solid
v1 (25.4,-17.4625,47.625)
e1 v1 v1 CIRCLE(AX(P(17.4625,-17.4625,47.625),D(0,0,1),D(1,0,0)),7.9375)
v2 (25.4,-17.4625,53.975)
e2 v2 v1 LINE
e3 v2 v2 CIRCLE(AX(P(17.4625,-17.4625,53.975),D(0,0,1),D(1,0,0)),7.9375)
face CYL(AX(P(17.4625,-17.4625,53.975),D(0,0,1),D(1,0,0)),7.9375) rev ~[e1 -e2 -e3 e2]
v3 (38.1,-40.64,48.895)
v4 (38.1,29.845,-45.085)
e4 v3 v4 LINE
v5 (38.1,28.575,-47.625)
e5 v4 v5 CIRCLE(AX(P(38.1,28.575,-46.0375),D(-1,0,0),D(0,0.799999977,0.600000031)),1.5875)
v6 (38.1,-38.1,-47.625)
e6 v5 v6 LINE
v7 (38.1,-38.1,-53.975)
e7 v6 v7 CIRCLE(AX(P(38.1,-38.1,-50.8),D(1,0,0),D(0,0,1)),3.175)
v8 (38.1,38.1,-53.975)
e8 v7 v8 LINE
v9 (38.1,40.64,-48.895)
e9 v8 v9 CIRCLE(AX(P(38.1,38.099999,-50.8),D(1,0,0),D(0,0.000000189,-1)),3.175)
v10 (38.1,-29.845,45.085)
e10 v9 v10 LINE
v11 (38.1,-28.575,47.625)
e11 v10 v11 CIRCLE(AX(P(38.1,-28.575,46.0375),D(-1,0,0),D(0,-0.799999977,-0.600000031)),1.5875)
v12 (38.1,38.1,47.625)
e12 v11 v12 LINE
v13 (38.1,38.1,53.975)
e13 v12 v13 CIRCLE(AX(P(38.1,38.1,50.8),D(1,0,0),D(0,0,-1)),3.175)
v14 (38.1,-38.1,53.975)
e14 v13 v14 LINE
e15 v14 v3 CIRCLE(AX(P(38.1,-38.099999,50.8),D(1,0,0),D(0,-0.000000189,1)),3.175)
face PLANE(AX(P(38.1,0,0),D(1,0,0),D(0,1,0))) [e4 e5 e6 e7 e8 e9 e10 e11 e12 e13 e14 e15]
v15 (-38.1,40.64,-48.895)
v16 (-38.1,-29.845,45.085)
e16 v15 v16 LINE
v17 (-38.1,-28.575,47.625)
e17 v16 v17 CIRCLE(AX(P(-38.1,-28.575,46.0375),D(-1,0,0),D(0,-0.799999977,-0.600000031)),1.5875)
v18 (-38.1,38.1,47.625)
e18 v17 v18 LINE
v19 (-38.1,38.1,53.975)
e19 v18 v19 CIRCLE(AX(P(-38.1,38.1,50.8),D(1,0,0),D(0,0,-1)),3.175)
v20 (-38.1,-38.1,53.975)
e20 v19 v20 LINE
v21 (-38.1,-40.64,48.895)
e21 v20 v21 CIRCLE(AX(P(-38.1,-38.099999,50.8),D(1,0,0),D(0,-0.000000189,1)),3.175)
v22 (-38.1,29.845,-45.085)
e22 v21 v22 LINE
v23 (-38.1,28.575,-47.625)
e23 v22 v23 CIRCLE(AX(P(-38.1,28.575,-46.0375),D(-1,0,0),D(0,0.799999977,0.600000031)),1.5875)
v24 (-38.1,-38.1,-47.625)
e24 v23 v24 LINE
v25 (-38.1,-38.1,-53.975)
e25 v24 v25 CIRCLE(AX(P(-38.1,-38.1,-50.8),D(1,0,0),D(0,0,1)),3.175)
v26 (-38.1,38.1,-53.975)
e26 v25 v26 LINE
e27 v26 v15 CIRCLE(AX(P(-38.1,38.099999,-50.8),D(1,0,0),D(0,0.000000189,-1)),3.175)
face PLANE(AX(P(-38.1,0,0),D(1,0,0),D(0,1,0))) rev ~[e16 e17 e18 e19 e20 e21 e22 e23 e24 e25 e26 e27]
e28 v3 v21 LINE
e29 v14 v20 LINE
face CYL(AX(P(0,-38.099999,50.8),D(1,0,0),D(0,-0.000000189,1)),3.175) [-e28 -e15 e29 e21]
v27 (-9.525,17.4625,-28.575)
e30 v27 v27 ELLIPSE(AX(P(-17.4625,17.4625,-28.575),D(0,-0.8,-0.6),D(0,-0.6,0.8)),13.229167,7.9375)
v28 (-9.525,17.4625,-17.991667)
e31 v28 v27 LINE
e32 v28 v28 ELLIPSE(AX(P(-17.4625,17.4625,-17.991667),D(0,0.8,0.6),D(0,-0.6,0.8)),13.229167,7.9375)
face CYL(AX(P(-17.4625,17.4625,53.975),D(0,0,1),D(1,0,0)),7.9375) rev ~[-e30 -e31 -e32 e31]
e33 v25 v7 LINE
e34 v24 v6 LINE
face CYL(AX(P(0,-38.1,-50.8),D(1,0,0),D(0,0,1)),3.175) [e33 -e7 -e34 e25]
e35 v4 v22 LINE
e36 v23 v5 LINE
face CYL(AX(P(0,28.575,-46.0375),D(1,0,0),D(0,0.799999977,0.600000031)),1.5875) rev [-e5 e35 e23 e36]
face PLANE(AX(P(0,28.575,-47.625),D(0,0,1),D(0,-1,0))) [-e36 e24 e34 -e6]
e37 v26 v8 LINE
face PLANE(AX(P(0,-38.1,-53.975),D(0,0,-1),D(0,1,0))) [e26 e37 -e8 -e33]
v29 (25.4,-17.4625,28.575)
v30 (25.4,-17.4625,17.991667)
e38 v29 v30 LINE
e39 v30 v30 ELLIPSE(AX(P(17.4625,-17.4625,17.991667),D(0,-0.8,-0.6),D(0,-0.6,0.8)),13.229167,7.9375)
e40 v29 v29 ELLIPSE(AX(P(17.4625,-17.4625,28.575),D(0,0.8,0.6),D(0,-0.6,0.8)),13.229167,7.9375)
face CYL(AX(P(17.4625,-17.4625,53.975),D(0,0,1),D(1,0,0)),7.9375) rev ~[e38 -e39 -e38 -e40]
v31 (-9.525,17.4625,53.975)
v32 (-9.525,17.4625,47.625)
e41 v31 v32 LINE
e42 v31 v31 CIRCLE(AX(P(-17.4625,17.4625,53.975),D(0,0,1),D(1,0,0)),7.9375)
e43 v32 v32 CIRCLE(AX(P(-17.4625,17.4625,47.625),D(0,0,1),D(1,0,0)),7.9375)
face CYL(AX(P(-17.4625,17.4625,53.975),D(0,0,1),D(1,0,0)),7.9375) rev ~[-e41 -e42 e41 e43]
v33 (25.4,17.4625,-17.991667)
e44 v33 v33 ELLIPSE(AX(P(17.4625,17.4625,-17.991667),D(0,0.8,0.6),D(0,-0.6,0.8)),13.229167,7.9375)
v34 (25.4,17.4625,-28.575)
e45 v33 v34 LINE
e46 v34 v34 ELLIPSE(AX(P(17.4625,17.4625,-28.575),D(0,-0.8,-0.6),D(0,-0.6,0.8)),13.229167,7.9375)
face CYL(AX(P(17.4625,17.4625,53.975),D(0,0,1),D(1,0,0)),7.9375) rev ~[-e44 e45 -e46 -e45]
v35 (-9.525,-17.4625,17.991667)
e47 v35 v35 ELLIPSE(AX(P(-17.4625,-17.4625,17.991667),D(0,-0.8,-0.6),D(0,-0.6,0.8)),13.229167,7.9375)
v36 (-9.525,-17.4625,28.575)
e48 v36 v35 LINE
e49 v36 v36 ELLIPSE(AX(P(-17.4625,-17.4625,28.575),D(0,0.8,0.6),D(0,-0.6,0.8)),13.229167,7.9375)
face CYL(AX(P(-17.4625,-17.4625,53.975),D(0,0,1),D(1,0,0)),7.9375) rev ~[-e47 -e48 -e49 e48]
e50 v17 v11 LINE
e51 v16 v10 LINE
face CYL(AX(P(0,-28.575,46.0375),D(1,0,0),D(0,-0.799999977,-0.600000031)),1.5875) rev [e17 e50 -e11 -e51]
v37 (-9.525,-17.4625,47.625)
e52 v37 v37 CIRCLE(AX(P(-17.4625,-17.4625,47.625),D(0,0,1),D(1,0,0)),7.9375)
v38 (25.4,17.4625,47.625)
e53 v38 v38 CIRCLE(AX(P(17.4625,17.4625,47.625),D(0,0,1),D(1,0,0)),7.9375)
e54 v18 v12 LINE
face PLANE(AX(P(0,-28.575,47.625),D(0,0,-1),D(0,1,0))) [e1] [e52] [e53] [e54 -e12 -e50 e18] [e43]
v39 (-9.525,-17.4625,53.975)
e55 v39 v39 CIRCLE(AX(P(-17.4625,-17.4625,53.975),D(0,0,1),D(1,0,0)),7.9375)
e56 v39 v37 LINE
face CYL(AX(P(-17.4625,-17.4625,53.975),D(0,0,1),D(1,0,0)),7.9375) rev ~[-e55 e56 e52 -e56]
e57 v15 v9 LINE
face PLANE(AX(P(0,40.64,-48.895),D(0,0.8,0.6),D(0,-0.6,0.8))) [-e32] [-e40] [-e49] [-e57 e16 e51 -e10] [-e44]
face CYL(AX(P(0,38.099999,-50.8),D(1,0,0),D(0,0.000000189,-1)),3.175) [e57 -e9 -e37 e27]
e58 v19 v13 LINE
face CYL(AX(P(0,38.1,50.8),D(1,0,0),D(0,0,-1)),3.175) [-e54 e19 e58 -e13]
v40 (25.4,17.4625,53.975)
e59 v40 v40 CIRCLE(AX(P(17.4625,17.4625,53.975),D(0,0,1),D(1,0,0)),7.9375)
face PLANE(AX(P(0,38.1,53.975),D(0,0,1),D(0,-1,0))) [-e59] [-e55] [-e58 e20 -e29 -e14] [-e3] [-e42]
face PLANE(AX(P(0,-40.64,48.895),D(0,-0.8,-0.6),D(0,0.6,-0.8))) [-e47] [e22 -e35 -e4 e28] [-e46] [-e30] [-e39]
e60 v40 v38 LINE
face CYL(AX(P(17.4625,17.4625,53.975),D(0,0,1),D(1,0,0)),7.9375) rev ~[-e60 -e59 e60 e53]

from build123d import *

# Parameters (mm, degrees)
F1_DEPTH = 38.1
F2_R     = 7.9375
F3_DEPTH = 98.425


with BuildPart() as f1:
    # F0 (on Right) → F1 (new body, symmetric)
    with BuildSketch(Plane.YZ):
        with BuildLine():
            ThreePointArc((29.845, -45.085), (29.994903, -46.747452), (28.575, -47.625))
            Line((28.575, -47.625), (-38.1, -47.625))
            ThreePointArc((-38.1, -47.625), (-41.275, -50.8), (-38.1, -53.975))
            Line((-38.1, -53.975), (38.1, -53.975))
            ThreePointArc((38.1, -53.975), (40.939806, -52.219903), (40.64, -48.895))
            Line((40.64, -48.895), (-29.845, 45.085))
            ThreePointArc((-29.845, 45.085), (-29.994903, 46.747452), (-28.575, 47.625))
            Line((-28.575, 47.625), (38.1, 47.625))
            ThreePointArc((38.1, 47.625), (41.275, 50.8), (38.1, 53.975))
            Line((38.1, 53.975), (-38.1, 53.975))
            ThreePointArc((-38.1, 53.975), (-40.939806, 52.219903), (-40.64, 48.895))
            Line((-40.64, 48.895), (29.845, -45.085))
        make_face()
    extrude(amount=F1_DEPTH, both=True)

    # F2 (on face) → F3 (cut)
    with BuildSketch(Plane.XY.offset(53.975)):
        with Locations((-17.4625, 17.4625)):
            Circle(F2_R)
        with Locations((17.4625, 17.4625)):
            Circle(F2_R)
        with Locations((-17.4625, -17.4625)):
            Circle(F2_R)
        with Locations((17.4625, -17.4625)):
            Circle(F2_R)
    extrude(amount=-F3_DEPTH, mode=Mode.SUBTRACT)


solid = f1.part
